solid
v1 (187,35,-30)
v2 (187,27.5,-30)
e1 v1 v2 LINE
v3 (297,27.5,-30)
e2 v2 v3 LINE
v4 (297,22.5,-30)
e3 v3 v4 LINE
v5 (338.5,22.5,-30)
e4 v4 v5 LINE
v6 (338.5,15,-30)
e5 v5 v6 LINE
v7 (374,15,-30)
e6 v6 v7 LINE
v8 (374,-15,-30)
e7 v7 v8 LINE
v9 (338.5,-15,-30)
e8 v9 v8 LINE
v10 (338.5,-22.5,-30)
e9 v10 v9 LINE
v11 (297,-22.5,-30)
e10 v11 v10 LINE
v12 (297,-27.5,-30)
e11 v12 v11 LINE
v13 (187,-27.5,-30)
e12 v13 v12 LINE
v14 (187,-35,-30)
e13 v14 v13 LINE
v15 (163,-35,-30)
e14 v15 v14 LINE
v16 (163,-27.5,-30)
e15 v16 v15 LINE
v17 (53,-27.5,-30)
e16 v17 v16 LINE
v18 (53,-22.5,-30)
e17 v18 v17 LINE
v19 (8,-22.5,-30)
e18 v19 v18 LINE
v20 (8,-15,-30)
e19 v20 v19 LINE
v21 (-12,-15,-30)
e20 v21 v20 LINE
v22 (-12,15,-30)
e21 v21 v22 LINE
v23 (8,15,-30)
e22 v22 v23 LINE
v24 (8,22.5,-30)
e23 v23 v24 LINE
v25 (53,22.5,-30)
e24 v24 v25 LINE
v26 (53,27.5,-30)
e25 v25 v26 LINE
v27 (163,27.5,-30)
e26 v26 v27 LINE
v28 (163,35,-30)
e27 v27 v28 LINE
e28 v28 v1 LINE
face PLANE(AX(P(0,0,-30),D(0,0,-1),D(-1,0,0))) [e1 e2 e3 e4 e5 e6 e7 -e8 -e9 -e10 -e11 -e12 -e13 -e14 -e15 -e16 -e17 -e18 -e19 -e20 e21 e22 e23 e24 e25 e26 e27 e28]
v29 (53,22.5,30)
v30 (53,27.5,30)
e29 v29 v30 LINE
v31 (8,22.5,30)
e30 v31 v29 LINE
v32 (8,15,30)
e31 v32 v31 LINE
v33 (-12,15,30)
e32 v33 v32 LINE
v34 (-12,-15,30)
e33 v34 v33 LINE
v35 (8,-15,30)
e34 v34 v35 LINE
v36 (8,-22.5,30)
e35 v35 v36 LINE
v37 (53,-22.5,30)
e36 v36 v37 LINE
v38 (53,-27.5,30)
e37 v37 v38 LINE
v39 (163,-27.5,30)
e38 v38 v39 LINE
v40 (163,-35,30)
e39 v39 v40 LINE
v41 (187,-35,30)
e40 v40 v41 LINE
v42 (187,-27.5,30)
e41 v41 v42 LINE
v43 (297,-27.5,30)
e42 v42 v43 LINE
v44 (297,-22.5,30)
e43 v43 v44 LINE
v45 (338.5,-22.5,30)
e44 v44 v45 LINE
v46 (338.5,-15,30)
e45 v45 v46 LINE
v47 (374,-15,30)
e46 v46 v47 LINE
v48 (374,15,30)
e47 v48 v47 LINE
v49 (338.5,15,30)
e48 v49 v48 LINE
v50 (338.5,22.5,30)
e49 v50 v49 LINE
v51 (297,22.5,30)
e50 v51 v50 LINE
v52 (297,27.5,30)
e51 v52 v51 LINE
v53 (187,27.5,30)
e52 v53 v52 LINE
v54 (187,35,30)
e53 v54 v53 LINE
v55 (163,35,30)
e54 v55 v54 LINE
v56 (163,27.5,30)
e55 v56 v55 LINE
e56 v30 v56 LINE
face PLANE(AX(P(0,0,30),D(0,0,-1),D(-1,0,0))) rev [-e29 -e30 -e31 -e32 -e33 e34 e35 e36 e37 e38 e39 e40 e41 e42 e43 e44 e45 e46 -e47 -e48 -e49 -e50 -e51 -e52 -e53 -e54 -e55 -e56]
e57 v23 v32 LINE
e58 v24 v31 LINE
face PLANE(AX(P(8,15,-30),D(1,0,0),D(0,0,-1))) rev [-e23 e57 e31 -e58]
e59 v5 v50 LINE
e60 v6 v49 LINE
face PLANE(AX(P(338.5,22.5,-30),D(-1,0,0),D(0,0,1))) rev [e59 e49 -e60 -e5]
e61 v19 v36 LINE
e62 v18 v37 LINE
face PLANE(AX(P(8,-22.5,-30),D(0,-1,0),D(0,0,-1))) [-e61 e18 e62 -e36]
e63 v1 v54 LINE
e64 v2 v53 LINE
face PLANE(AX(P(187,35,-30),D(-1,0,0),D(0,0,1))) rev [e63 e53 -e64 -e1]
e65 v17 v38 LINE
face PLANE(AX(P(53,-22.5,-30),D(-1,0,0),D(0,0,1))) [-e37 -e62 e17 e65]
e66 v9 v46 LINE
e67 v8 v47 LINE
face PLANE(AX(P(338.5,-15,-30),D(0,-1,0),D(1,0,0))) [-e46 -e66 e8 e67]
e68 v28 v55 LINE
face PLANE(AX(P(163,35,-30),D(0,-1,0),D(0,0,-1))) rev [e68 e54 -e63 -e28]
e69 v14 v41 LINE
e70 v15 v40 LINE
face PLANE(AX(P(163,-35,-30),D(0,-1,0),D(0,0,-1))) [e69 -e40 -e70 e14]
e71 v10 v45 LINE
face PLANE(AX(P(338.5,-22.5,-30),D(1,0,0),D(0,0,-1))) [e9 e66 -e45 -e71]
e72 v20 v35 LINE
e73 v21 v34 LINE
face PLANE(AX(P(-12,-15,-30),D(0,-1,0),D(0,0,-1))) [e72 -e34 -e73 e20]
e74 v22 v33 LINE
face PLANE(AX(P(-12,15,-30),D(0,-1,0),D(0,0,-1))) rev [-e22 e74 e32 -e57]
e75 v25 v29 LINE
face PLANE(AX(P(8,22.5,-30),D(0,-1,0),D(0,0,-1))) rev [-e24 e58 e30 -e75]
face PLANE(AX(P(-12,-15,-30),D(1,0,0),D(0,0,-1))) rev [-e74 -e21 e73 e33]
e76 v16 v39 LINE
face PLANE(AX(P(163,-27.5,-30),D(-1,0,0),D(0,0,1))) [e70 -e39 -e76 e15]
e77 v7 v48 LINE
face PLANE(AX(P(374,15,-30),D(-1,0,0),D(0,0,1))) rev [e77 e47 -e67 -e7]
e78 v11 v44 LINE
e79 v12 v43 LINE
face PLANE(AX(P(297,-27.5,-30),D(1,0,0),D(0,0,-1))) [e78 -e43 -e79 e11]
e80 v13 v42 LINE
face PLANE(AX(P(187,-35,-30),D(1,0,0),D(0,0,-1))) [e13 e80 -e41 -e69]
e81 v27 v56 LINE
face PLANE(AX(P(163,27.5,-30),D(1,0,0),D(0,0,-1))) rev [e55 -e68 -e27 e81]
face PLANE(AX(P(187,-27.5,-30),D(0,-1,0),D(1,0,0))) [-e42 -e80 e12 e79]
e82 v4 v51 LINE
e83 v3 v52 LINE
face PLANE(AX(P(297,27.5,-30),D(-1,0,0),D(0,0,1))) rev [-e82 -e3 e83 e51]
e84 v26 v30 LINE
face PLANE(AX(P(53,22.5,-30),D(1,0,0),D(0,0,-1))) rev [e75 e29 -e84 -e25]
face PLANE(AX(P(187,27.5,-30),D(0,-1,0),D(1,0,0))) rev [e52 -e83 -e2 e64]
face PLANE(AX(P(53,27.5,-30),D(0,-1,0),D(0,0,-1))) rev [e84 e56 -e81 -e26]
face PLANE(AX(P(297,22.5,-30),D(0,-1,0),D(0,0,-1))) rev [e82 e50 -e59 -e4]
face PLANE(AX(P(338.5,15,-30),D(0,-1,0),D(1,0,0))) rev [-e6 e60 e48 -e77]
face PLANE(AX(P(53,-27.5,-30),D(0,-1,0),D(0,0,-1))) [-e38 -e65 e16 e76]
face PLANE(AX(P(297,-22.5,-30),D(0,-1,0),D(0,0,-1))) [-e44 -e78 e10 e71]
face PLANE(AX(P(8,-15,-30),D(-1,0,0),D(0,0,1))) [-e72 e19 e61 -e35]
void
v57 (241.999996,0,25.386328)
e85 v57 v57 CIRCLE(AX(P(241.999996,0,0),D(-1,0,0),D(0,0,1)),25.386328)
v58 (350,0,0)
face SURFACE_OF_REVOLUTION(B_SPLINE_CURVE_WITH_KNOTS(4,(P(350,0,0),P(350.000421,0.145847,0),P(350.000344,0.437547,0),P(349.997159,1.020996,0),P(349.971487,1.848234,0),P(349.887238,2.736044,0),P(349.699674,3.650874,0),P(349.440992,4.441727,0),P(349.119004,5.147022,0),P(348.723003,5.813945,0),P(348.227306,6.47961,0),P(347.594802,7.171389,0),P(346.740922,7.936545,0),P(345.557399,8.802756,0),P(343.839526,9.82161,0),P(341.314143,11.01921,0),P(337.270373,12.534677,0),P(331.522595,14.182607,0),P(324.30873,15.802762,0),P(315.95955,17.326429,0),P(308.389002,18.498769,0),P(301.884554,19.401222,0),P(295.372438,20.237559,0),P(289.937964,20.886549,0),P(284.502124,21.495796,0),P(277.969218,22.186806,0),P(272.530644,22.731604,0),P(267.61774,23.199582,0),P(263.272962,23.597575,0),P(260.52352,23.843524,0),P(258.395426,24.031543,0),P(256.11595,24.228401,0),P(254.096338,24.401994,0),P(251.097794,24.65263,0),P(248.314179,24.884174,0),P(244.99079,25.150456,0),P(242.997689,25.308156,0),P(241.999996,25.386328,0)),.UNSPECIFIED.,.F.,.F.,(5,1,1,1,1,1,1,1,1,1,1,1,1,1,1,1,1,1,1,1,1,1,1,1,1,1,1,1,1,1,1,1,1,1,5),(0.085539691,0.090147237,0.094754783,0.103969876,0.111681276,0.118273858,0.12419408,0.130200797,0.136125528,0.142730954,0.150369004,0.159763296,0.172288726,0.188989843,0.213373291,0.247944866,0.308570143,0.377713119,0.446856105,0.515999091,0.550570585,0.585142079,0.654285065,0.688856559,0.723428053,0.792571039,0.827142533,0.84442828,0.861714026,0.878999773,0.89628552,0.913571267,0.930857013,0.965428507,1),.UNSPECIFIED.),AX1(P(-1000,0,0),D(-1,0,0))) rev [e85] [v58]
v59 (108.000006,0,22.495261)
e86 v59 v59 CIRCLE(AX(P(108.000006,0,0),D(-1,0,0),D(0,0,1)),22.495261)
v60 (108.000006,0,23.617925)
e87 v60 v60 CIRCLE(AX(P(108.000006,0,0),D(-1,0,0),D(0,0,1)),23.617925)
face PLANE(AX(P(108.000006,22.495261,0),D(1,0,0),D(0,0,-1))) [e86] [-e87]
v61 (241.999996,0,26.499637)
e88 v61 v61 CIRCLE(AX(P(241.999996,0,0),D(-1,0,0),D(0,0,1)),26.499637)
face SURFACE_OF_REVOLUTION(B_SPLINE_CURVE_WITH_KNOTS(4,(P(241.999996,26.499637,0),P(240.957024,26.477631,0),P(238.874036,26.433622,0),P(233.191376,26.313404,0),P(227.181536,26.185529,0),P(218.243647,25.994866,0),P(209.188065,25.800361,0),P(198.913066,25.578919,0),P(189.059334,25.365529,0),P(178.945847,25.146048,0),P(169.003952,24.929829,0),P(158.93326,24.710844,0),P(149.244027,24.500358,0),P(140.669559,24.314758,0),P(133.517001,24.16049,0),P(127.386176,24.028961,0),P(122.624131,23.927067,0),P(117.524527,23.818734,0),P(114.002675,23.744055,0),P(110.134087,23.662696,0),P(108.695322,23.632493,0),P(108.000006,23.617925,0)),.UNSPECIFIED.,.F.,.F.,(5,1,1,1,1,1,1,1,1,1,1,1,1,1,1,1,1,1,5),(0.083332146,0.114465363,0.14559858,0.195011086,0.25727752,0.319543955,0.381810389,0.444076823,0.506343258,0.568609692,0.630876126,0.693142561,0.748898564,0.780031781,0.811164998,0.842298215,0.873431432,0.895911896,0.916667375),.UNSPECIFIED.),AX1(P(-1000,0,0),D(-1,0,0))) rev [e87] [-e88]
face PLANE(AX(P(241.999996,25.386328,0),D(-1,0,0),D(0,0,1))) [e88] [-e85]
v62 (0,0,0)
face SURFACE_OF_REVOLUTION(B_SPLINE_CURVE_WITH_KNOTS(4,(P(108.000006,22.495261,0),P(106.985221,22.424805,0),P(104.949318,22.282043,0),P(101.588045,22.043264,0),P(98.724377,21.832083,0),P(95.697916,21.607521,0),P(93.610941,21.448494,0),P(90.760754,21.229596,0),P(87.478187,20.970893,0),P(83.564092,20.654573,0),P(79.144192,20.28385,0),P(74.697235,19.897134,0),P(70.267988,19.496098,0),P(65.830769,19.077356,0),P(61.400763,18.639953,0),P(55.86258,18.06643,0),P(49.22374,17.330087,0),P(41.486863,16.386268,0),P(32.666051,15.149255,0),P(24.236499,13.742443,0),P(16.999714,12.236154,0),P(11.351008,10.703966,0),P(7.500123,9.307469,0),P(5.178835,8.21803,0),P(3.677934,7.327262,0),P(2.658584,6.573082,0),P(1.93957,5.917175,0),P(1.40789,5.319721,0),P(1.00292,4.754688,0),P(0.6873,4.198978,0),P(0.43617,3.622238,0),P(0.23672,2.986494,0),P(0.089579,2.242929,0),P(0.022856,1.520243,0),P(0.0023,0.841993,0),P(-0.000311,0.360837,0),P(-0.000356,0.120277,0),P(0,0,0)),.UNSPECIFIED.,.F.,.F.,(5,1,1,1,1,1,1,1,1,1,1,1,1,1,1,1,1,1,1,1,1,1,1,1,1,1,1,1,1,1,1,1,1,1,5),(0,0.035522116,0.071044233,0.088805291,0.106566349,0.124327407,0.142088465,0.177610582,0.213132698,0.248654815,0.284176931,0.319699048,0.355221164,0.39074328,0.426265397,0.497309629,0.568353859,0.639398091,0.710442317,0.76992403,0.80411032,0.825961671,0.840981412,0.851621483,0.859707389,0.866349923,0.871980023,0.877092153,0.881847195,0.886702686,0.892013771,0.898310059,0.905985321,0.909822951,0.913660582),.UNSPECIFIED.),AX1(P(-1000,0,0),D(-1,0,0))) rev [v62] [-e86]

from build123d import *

# Parameters (mm, degrees)
BOSS_EXTRUDE1_DEPTH      = 30
BOSS_EXTRUDE1_DEPTH_BACK = 30


with BuildPart() as part:
    # Sketch1 → Boss-Extrude1 (new, two sides: drawn at the far end of the back side and taken through both)
    with BuildSketch(Plane.XY.offset(-BOSS_EXTRUDE1_DEPTH_BACK)):
        Polygon((-12, -15), (-12, 15), (8, 15), (8, 22.5), (53, 22.5), (53, 27.5), (163, 27.5), (163, 35), (187, 35), (187, 27.5), (297, 27.5), (297, 22.5), (338.5, 22.5), (338.5, 15), (374, 15), (374, -15), (338.5, -15), (338.5, -22.5), (297, -22.5), (297, -27.5), (187, -27.5), (187, -35), (163, -35), (163, -27.5), (53, -27.5), (53, -22.5), (8, -22.5), (8, -15), align=None)
    extrude(amount=BOSS_EXTRUDE1_DEPTH + BOSS_EXTRUDE1_DEPTH_BACK)

    # Sketch3 → Cut-Revolve2 (revolve, cut)
    with BuildSketch(Plane.XY):
        with BuildLine():
            Line((108.000005708, 22.495261034), (108.000005708, 23.617924612))
            add(Edge.make_bspline(
                [(108.000005708, 23.617924612), (108.69532236, 23.632492565), (110.134086752, 23.662696241), (114.002675386, 23.744055355), (117.52452678, 23.818734211), (122.62413086, 23.927066751), (127.386175822, 24.028960617), (133.517001276, 24.160489916), (140.669558615, 24.314757893), (149.244027294, 24.50035769), (158.933260023, 24.710843629), (169.003951816, 24.929828541), (178.945846596, 25.146047878), (189.059333627, 25.365529494), (198.913066308, 25.578918803), (209.188065069, 25.800360703), (218.243647, 25.994865885), (227.18153574, 26.185528835), (233.191375828, 26.313403618), (238.874035778, 26.433622484), (240.957024273, 26.477631494), (241.999996023, 26.499636974)],
                knots=[0.083332146, 0.083332146, 0.083332146, 0.083332146, 0.083332146, 0.104087624, 0.126568088, 0.157701305, 0.188834523, 0.21996774, 0.251100957, 0.30685696, 0.369123394, 0.431389829, 0.493656263, 0.555922697, 0.618189132, 0.680455566, 0.742722, 0.804988435, 0.85440094, 0.885534157, 0.916667375, 0.916667375, 0.916667375, 0.916667375, 0.916667375], degree=4))
            Line((241.999996023, 26.499636974), (241.999996023, 25.386328483))
            add(Edge.make_bspline(
                [(241.999996023, 25.386328483), (242.997689398, 25.308156454), (244.990789981, 25.150456292), (248.314178963, 24.884174364), (251.097793918, 24.652630256), (254.096338207, 24.40199426), (256.115950151, 24.228401113), (258.395425806, 24.031542714), (260.523519631, 23.843523656), (263.272962125, 23.597575487), (267.617740398, 23.199581767), (272.530644228, 22.731603556), (277.969218388, 22.186806055), (284.502123723, 21.495795918), (289.937964032, 20.886548872), (295.372437907, 20.237558818), (301.88455361, 19.401221609), (308.389001931, 18.498768615), (315.959550127, 17.326428718), (324.308730313, 15.802761995), (331.522595168, 14.182607232), (337.270373253, 12.534677442), (341.314142899, 11.019210316), (343.839526129, 9.821610423), (345.557398761, 8.80275637), (346.740922219, 7.936545395), (347.594801698, 7.171388914), (348.227306411, 6.479610121), (348.723002975, 5.813945223), (349.119004405, 5.147021841), (349.440992029, 4.441727447), (349.699673959, 3.650874012), (349.887237793, 2.736043875), (349.971487339, 1.848234223), (349.997159077, 1.02099573), (350.000343601, 0.437547408), (350.000420527, 0.145847197), (350, 0)],
                knots=[0.085539691, 0.085539691, 0.085539691, 0.085539691, 0.085539691, 0.120111184, 0.154682677, 0.171968424, 0.189254171, 0.206539917, 0.223825664, 0.241111411, 0.258397158, 0.292968652, 0.362111638, 0.396683132, 0.431254625, 0.500397611, 0.534969105, 0.5695406, 0.638683586, 0.707826572, 0.776969547, 0.837594824, 0.8721664, 0.896549847, 0.913250965, 0.925776395, 0.935170687, 0.942808737, 0.949414163, 0.955338894, 0.96134561, 0.967265833, 0.973858415, 0.981569814, 0.990784907, 0.995392454, 1, 1, 1, 1, 1], degree=4))
            Line((350, 0), (0, 0))
            add(Edge.make_bspline(
                [(0, 0), (-0.00035577, 0.120277327), (-0.00031082, 0.360836588), (0.002299922, 0.841992826), (0.022856294, 1.520243321), (0.089579031, 2.24292924), (0.236719839, 2.986493577), (0.43616989, 3.622237895), (0.687299533, 4.198977779), (1.002920086, 4.75468844), (1.407889824, 5.319720548), (1.939569813, 5.917175139), (2.658583589, 6.573081931), (3.67793434, 7.327261742), (5.178835477, 8.218030187), (7.500122996, 9.307468959), (11.351007882, 10.703965668), (16.999713662, 12.236154029), (24.236498755, 13.742442968), (32.666050698, 15.149254822), (41.486862914, 16.386268296), (49.223740463, 17.330086994), (55.862579827, 18.066429658), (61.400762894, 18.639952996), (65.830769492, 19.077356076), (70.267988209, 19.496098455), (74.697234615, 19.8971343), (79.144191725, 20.283849996), (83.564092337, 20.654572527), (87.478187448, 20.970893), (90.760753774, 21.229595839), (93.610940803, 21.448494052), (95.697915689, 21.607520734), (98.724377463, 21.832083001), (101.588044864, 22.043264026), (104.94931787, 22.282042977), (106.985221031, 22.424804888), (108.000005708, 22.495261034)],
                knots=[0, 0, 0, 0, 0, 0.003837631, 0.007675261, 0.015350522, 0.021646811, 0.026957895, 0.031813386, 0.036568429, 0.041680559, 0.047310658, 0.053953193, 0.062039099, 0.07267917, 0.087698911, 0.109550262, 0.143736552, 0.203218265, 0.274262491, 0.345306722, 0.416350952, 0.487395185, 0.522917301, 0.558439418, 0.593961534, 0.629483651, 0.665005767, 0.700527884, 0.73605, 0.771572117, 0.789333175, 0.807094233, 0.824855291, 0.842616349, 0.878138465, 0.913660582, 0.913660582, 0.913660582, 0.913660582, 0.913660582], degree=4))
        make_face()
    revolve(axis=Axis((-1000, 0, 0), (1, 0, 0)), mode=Mode.SUBTRACT)


solid = part.part
